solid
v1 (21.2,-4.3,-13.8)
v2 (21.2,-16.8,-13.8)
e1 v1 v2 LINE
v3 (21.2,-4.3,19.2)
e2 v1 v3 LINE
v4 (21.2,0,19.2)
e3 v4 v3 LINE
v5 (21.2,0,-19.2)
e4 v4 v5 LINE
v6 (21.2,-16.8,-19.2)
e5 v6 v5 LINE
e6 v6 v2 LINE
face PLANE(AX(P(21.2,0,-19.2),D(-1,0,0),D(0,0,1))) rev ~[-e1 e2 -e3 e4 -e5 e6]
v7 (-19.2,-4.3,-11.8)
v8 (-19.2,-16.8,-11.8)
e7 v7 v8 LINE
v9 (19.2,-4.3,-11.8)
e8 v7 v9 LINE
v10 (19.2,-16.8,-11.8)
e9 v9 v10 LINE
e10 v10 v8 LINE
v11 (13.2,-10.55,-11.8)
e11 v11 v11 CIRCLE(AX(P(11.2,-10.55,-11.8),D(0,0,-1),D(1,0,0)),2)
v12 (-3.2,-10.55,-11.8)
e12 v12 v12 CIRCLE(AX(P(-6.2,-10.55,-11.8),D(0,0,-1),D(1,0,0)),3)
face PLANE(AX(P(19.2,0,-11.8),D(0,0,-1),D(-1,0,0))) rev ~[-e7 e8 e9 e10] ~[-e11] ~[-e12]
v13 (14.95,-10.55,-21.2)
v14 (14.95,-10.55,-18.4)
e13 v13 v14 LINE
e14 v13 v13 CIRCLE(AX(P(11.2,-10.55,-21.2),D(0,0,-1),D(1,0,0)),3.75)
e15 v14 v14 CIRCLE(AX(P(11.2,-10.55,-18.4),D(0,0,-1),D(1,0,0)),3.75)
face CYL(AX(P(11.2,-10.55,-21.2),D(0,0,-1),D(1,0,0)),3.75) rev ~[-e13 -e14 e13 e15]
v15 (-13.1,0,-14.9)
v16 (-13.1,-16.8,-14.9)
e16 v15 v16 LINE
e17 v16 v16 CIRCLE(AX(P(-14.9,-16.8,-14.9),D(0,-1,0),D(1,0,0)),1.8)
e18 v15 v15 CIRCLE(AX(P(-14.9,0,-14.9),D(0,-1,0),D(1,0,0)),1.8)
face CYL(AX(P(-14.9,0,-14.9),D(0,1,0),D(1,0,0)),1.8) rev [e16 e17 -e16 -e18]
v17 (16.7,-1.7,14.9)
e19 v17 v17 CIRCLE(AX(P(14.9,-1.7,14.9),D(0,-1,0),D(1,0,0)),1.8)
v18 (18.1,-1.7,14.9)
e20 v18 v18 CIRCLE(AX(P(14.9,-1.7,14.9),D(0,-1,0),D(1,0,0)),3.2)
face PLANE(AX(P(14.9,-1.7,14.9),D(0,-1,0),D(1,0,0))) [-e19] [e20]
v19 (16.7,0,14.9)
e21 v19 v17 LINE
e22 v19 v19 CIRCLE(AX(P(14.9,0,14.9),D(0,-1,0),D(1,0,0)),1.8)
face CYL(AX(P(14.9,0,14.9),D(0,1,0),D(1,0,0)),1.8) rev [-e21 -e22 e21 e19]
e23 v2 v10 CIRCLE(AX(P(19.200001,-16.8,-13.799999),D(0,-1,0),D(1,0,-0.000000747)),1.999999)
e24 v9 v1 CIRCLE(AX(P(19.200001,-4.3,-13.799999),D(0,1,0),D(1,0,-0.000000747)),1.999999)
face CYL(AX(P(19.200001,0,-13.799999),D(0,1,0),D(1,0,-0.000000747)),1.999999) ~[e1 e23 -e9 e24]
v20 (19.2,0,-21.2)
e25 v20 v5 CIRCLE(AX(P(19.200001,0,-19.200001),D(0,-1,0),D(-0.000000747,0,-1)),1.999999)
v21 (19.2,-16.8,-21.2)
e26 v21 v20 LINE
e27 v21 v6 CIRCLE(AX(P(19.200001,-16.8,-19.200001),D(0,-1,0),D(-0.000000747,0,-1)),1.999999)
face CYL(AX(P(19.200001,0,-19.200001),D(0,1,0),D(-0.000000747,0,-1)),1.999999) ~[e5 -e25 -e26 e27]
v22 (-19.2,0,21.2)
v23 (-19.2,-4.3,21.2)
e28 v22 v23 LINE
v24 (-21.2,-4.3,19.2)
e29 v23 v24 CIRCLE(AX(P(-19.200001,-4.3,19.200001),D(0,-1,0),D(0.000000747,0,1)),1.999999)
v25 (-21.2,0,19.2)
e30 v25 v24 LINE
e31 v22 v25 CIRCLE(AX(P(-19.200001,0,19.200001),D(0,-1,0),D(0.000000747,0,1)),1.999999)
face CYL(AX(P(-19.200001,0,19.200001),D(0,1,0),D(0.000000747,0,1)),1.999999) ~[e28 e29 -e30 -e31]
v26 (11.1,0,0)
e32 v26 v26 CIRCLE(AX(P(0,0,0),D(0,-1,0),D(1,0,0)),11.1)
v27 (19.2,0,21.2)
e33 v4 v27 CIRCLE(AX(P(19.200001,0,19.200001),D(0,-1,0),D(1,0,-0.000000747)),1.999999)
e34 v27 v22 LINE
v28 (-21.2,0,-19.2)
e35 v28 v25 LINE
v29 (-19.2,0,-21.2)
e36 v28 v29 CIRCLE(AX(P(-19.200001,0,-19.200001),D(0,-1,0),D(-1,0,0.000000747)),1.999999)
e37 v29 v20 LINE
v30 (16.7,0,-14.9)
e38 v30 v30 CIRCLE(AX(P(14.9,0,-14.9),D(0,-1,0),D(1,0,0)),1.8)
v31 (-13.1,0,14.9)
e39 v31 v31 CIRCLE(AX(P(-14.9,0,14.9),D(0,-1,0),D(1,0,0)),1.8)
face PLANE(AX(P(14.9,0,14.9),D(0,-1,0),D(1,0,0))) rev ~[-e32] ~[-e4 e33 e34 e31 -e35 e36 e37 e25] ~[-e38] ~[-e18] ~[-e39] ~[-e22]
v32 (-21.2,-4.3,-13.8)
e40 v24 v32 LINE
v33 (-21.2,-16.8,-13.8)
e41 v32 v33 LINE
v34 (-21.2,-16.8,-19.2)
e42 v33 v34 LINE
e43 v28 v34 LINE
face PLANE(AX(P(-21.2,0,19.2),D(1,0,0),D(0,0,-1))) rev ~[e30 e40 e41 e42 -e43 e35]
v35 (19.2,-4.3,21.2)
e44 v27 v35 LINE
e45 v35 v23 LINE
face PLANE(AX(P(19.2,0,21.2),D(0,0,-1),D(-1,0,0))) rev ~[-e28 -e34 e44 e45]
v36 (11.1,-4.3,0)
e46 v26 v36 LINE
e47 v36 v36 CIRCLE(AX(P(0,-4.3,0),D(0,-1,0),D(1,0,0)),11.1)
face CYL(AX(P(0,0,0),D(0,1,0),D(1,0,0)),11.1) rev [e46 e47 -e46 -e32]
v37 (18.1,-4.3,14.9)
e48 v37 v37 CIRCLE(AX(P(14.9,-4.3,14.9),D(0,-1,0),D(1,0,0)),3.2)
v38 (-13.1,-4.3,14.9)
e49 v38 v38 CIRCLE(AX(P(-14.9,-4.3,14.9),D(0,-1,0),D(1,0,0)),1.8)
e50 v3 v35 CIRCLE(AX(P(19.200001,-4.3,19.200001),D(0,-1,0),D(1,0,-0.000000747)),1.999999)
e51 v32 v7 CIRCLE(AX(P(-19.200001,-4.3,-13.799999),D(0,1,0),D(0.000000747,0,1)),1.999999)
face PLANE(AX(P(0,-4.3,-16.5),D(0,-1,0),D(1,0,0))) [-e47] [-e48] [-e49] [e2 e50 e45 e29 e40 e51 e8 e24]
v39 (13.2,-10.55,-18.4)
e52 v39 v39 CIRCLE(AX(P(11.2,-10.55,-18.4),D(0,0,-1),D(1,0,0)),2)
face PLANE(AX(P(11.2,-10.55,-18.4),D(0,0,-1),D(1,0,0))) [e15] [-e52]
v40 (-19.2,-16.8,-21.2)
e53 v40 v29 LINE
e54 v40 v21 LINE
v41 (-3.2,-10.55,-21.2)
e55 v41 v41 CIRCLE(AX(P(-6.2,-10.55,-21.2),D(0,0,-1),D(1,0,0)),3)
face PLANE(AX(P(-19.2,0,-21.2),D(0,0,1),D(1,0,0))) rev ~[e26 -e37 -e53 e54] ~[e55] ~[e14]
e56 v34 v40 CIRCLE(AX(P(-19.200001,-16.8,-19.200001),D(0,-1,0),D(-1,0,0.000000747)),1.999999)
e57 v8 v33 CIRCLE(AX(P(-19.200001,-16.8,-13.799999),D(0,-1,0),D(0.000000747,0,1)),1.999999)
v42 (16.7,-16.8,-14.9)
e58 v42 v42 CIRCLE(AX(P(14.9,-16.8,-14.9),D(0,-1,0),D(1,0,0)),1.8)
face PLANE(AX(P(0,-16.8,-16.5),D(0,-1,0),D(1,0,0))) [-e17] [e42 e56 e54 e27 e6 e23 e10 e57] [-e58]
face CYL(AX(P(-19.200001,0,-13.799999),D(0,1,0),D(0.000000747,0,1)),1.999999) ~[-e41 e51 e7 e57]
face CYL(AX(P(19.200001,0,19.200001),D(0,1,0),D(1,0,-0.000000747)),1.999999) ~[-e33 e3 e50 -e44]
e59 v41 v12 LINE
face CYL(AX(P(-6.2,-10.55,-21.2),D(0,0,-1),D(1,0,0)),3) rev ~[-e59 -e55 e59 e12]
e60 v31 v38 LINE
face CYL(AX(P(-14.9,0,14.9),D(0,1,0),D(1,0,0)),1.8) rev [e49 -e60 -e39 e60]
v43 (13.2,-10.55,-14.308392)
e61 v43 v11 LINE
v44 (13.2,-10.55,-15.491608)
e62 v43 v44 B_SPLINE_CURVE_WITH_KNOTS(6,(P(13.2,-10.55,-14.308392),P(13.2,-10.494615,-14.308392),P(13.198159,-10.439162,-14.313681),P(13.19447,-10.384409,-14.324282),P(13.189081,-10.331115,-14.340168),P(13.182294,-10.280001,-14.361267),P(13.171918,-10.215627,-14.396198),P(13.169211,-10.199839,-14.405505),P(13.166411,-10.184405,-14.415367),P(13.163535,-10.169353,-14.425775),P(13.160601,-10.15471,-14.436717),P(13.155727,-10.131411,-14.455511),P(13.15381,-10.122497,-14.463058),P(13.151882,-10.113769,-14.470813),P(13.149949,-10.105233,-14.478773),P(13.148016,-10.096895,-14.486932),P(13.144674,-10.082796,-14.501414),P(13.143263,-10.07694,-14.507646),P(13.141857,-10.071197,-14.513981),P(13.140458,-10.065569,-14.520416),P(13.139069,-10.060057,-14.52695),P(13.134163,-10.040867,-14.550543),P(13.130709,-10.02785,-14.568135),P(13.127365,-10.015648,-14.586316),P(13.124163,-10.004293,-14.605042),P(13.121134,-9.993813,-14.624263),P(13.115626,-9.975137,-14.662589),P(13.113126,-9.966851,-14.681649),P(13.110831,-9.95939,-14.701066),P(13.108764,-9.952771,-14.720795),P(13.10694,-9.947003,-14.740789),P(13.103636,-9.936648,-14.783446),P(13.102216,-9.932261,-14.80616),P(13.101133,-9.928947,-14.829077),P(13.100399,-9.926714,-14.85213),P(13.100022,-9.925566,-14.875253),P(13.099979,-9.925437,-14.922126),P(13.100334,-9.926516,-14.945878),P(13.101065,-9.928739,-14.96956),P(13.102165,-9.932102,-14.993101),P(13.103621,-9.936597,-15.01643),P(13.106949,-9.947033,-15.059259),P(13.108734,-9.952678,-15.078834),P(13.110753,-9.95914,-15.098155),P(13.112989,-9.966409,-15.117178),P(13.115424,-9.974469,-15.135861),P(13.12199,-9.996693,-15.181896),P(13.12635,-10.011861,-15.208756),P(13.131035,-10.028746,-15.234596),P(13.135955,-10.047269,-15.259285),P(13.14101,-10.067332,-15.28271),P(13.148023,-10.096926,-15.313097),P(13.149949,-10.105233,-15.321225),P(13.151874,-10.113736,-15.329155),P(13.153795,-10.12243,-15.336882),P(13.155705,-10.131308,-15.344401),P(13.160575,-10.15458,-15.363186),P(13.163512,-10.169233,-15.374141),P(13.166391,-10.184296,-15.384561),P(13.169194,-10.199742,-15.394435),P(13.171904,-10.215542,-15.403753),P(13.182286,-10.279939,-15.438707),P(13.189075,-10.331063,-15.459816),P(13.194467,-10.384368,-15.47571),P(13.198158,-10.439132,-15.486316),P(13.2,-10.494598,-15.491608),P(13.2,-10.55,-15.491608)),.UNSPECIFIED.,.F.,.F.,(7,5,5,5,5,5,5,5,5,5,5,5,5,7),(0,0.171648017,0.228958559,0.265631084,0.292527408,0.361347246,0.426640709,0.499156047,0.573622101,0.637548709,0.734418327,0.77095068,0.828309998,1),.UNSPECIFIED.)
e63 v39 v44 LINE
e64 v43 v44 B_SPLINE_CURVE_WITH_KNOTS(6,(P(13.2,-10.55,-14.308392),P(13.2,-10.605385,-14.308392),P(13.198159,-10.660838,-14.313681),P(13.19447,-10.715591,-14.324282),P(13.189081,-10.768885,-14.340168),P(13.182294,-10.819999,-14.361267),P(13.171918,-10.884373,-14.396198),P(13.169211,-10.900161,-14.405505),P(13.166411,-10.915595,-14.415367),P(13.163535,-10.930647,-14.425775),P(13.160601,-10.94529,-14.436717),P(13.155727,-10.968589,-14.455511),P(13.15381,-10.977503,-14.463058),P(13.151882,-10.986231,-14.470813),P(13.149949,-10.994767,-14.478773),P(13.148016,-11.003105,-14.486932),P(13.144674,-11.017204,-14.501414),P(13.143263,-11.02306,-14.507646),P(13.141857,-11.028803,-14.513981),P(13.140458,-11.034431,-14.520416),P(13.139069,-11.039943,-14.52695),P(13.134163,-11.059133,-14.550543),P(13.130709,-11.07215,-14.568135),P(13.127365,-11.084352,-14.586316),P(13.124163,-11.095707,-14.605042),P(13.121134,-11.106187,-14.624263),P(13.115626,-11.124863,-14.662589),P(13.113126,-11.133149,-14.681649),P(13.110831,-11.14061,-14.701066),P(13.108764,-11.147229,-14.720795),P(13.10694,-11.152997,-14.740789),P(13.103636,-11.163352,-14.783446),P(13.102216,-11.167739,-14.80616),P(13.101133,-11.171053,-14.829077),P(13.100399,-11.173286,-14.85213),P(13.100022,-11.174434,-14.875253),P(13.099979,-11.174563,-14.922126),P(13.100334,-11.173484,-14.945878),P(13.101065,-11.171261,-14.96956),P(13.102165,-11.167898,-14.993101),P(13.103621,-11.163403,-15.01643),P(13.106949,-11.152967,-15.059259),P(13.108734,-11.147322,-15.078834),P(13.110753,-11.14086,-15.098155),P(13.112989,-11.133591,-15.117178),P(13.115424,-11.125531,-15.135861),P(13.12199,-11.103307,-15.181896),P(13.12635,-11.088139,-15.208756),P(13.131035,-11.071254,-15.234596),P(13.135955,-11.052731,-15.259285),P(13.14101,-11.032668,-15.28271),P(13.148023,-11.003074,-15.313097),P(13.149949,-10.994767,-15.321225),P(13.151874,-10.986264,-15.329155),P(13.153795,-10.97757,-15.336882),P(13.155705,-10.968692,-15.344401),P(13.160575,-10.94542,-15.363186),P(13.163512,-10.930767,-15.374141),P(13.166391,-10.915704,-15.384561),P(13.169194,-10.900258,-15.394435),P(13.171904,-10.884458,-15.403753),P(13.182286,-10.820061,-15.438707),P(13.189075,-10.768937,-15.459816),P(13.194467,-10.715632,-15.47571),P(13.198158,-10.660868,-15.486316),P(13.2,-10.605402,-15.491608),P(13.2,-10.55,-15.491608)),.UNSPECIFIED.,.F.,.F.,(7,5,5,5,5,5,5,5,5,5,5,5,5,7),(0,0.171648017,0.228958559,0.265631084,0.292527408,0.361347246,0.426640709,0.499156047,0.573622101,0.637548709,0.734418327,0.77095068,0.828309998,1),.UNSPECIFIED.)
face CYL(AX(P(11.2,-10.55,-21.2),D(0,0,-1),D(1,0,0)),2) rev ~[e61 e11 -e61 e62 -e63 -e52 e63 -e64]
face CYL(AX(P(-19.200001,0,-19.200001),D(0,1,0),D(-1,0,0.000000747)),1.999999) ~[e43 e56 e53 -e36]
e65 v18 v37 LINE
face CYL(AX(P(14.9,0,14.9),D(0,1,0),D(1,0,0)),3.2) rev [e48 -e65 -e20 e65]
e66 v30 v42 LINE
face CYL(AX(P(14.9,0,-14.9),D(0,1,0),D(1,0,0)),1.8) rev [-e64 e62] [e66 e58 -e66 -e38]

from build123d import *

# Parameters (mm, degrees)
F0_R     = 1.8
F0_R_2   = 11.1
F0_R_3   = 3.2
F2_DEPTH = 4.3
F3_DEPTH = 1.7
F4_DEPTH = 16.8
F5_R     = 3
F5_R_2   = 2
F6_DEPTH = 42.401
F5_R_3   = 3.75
F7_DEPTH = 2.8


with BuildPart() as f2:
    # F0 (on Front) → F2 (new body, through all)
    with BuildSketch(Plane.XZ):
        with BuildLine():
            ThreePointArc((-19.2, -11.8), (-20.614214, -12.385786), (-21.2, -13.8))
            Line((-21.2, -13.8), (-21.2, -19.2))
            ThreePointArc((-21.2, -19.2), (-20.614214, -20.614214), (-19.2, -21.2))
            Line((-19.2, -21.2), (19.2, -21.2))
            ThreePointArc((19.2, -21.2), (20.614214, -20.614214), (21.2, -19.2))
            Line((21.2, -19.2), (21.2, -13.8))
            ThreePointArc((21.2, -13.8), (20.614214, -12.385786), (19.2, -11.8))
            Line((19.2, -11.8), (-19.2, -11.8))
        make_face()
        with Locations((-14.9, -14.9)):
            Circle(F0_R, mode=Mode.SUBTRACT)
        with Locations((14.9, -14.9)):
            Circle(F0_R, mode=Mode.SUBTRACT)
        with BuildLine():
            Line((19.2, 21.2), (-19.2, 21.2))
            ThreePointArc((-19.2, 21.2), (-20.614214, 20.614214), (-21.2, 19.2))
            Line((-21.2, 19.2), (-21.2, -13.8))
            ThreePointArc((-21.2, -13.8), (-20.614214, -12.385786), (-19.2, -11.8))
            Line((-19.2, -11.8), (19.2, -11.8))
            ThreePointArc((19.2, -11.8), (20.614214, -12.385786), (21.2, -13.8))
            Line((21.2, -13.8), (21.2, 19.2))
            ThreePointArc((21.2, 19.2), (20.614214, 20.614214), (19.2, 21.2))
        make_face()
        with Locations((-14.9, 14.9)):
            Circle(F0_R, mode=Mode.SUBTRACT)
        Circle(F0_R_2, mode=Mode.SUBTRACT)
        with Locations((14.9, 14.9)):
            Circle(F0_R_3, mode=Mode.SUBTRACT)
    extrude(amount=F2_DEPTH)

    # F0 (on Front) → F3 (join, through all)
    with BuildSketch(Plane.XZ):
        with Locations((14.9, 14.9)):
            Circle(F0_R_3)
        with Locations((14.9, 14.9)):
            Circle(F0_R, mode=Mode.SUBTRACT)
    extrude(amount=F3_DEPTH)

    # F0 (on Front) → F4 (join, through all)
    with BuildSketch(Plane.XZ):
        with BuildLine():
            ThreePointArc((-19.2, -11.8), (-20.614214, -12.385786), (-21.2, -13.8))
            Line((-21.2, -13.8), (-21.2, -19.2))
            ThreePointArc((-21.2, -19.2), (-20.614214, -20.614214), (-19.2, -21.2))
            Line((-19.2, -21.2), (19.2, -21.2))
            ThreePointArc((19.2, -21.2), (20.614214, -20.614214), (21.2, -19.2))
            Line((21.2, -19.2), (21.2, -13.8))
            ThreePointArc((21.2, -13.8), (20.614214, -12.385786), (19.2, -11.8))
            Line((19.2, -11.8), (-19.2, -11.8))
        make_face()
        with Locations((-14.9, -14.9)):
            Circle(F0_R, mode=Mode.SUBTRACT)
        with Locations((14.9, -14.9)):
            Circle(F0_R, mode=Mode.SUBTRACT)
    extrude(amount=F4_DEPTH)

    # F5 (on face) → F6 (cut, through all)
    with BuildSketch(Plane(origin=(0, 0, -21.2), x_dir=(1, 0, 0), z_dir=(0, 0, -1))):
        with Locations((-6.2, 10.55)):
            Circle(F5_R)
        with Locations((11.2, 10.55)):
            Circle(F5_R_2)
    extrude(amount=-F6_DEPTH, mode=Mode.SUBTRACT)

    # F5 (on face) → F7 (cut, through all)
    with BuildSketch(Plane(origin=(0, 0, -21.2), x_dir=(1, 0, 0), z_dir=(0, 0, -1))):
        with Locations((11.2, 10.55)):
            Circle(F5_R_3)
        with Locations((11.2, 10.55)):
            Circle(F5_R_2, mode=Mode.SUBTRACT)
    extrude(amount=-F7_DEPTH, mode=Mode.SUBTRACT)


solid = f2.part
